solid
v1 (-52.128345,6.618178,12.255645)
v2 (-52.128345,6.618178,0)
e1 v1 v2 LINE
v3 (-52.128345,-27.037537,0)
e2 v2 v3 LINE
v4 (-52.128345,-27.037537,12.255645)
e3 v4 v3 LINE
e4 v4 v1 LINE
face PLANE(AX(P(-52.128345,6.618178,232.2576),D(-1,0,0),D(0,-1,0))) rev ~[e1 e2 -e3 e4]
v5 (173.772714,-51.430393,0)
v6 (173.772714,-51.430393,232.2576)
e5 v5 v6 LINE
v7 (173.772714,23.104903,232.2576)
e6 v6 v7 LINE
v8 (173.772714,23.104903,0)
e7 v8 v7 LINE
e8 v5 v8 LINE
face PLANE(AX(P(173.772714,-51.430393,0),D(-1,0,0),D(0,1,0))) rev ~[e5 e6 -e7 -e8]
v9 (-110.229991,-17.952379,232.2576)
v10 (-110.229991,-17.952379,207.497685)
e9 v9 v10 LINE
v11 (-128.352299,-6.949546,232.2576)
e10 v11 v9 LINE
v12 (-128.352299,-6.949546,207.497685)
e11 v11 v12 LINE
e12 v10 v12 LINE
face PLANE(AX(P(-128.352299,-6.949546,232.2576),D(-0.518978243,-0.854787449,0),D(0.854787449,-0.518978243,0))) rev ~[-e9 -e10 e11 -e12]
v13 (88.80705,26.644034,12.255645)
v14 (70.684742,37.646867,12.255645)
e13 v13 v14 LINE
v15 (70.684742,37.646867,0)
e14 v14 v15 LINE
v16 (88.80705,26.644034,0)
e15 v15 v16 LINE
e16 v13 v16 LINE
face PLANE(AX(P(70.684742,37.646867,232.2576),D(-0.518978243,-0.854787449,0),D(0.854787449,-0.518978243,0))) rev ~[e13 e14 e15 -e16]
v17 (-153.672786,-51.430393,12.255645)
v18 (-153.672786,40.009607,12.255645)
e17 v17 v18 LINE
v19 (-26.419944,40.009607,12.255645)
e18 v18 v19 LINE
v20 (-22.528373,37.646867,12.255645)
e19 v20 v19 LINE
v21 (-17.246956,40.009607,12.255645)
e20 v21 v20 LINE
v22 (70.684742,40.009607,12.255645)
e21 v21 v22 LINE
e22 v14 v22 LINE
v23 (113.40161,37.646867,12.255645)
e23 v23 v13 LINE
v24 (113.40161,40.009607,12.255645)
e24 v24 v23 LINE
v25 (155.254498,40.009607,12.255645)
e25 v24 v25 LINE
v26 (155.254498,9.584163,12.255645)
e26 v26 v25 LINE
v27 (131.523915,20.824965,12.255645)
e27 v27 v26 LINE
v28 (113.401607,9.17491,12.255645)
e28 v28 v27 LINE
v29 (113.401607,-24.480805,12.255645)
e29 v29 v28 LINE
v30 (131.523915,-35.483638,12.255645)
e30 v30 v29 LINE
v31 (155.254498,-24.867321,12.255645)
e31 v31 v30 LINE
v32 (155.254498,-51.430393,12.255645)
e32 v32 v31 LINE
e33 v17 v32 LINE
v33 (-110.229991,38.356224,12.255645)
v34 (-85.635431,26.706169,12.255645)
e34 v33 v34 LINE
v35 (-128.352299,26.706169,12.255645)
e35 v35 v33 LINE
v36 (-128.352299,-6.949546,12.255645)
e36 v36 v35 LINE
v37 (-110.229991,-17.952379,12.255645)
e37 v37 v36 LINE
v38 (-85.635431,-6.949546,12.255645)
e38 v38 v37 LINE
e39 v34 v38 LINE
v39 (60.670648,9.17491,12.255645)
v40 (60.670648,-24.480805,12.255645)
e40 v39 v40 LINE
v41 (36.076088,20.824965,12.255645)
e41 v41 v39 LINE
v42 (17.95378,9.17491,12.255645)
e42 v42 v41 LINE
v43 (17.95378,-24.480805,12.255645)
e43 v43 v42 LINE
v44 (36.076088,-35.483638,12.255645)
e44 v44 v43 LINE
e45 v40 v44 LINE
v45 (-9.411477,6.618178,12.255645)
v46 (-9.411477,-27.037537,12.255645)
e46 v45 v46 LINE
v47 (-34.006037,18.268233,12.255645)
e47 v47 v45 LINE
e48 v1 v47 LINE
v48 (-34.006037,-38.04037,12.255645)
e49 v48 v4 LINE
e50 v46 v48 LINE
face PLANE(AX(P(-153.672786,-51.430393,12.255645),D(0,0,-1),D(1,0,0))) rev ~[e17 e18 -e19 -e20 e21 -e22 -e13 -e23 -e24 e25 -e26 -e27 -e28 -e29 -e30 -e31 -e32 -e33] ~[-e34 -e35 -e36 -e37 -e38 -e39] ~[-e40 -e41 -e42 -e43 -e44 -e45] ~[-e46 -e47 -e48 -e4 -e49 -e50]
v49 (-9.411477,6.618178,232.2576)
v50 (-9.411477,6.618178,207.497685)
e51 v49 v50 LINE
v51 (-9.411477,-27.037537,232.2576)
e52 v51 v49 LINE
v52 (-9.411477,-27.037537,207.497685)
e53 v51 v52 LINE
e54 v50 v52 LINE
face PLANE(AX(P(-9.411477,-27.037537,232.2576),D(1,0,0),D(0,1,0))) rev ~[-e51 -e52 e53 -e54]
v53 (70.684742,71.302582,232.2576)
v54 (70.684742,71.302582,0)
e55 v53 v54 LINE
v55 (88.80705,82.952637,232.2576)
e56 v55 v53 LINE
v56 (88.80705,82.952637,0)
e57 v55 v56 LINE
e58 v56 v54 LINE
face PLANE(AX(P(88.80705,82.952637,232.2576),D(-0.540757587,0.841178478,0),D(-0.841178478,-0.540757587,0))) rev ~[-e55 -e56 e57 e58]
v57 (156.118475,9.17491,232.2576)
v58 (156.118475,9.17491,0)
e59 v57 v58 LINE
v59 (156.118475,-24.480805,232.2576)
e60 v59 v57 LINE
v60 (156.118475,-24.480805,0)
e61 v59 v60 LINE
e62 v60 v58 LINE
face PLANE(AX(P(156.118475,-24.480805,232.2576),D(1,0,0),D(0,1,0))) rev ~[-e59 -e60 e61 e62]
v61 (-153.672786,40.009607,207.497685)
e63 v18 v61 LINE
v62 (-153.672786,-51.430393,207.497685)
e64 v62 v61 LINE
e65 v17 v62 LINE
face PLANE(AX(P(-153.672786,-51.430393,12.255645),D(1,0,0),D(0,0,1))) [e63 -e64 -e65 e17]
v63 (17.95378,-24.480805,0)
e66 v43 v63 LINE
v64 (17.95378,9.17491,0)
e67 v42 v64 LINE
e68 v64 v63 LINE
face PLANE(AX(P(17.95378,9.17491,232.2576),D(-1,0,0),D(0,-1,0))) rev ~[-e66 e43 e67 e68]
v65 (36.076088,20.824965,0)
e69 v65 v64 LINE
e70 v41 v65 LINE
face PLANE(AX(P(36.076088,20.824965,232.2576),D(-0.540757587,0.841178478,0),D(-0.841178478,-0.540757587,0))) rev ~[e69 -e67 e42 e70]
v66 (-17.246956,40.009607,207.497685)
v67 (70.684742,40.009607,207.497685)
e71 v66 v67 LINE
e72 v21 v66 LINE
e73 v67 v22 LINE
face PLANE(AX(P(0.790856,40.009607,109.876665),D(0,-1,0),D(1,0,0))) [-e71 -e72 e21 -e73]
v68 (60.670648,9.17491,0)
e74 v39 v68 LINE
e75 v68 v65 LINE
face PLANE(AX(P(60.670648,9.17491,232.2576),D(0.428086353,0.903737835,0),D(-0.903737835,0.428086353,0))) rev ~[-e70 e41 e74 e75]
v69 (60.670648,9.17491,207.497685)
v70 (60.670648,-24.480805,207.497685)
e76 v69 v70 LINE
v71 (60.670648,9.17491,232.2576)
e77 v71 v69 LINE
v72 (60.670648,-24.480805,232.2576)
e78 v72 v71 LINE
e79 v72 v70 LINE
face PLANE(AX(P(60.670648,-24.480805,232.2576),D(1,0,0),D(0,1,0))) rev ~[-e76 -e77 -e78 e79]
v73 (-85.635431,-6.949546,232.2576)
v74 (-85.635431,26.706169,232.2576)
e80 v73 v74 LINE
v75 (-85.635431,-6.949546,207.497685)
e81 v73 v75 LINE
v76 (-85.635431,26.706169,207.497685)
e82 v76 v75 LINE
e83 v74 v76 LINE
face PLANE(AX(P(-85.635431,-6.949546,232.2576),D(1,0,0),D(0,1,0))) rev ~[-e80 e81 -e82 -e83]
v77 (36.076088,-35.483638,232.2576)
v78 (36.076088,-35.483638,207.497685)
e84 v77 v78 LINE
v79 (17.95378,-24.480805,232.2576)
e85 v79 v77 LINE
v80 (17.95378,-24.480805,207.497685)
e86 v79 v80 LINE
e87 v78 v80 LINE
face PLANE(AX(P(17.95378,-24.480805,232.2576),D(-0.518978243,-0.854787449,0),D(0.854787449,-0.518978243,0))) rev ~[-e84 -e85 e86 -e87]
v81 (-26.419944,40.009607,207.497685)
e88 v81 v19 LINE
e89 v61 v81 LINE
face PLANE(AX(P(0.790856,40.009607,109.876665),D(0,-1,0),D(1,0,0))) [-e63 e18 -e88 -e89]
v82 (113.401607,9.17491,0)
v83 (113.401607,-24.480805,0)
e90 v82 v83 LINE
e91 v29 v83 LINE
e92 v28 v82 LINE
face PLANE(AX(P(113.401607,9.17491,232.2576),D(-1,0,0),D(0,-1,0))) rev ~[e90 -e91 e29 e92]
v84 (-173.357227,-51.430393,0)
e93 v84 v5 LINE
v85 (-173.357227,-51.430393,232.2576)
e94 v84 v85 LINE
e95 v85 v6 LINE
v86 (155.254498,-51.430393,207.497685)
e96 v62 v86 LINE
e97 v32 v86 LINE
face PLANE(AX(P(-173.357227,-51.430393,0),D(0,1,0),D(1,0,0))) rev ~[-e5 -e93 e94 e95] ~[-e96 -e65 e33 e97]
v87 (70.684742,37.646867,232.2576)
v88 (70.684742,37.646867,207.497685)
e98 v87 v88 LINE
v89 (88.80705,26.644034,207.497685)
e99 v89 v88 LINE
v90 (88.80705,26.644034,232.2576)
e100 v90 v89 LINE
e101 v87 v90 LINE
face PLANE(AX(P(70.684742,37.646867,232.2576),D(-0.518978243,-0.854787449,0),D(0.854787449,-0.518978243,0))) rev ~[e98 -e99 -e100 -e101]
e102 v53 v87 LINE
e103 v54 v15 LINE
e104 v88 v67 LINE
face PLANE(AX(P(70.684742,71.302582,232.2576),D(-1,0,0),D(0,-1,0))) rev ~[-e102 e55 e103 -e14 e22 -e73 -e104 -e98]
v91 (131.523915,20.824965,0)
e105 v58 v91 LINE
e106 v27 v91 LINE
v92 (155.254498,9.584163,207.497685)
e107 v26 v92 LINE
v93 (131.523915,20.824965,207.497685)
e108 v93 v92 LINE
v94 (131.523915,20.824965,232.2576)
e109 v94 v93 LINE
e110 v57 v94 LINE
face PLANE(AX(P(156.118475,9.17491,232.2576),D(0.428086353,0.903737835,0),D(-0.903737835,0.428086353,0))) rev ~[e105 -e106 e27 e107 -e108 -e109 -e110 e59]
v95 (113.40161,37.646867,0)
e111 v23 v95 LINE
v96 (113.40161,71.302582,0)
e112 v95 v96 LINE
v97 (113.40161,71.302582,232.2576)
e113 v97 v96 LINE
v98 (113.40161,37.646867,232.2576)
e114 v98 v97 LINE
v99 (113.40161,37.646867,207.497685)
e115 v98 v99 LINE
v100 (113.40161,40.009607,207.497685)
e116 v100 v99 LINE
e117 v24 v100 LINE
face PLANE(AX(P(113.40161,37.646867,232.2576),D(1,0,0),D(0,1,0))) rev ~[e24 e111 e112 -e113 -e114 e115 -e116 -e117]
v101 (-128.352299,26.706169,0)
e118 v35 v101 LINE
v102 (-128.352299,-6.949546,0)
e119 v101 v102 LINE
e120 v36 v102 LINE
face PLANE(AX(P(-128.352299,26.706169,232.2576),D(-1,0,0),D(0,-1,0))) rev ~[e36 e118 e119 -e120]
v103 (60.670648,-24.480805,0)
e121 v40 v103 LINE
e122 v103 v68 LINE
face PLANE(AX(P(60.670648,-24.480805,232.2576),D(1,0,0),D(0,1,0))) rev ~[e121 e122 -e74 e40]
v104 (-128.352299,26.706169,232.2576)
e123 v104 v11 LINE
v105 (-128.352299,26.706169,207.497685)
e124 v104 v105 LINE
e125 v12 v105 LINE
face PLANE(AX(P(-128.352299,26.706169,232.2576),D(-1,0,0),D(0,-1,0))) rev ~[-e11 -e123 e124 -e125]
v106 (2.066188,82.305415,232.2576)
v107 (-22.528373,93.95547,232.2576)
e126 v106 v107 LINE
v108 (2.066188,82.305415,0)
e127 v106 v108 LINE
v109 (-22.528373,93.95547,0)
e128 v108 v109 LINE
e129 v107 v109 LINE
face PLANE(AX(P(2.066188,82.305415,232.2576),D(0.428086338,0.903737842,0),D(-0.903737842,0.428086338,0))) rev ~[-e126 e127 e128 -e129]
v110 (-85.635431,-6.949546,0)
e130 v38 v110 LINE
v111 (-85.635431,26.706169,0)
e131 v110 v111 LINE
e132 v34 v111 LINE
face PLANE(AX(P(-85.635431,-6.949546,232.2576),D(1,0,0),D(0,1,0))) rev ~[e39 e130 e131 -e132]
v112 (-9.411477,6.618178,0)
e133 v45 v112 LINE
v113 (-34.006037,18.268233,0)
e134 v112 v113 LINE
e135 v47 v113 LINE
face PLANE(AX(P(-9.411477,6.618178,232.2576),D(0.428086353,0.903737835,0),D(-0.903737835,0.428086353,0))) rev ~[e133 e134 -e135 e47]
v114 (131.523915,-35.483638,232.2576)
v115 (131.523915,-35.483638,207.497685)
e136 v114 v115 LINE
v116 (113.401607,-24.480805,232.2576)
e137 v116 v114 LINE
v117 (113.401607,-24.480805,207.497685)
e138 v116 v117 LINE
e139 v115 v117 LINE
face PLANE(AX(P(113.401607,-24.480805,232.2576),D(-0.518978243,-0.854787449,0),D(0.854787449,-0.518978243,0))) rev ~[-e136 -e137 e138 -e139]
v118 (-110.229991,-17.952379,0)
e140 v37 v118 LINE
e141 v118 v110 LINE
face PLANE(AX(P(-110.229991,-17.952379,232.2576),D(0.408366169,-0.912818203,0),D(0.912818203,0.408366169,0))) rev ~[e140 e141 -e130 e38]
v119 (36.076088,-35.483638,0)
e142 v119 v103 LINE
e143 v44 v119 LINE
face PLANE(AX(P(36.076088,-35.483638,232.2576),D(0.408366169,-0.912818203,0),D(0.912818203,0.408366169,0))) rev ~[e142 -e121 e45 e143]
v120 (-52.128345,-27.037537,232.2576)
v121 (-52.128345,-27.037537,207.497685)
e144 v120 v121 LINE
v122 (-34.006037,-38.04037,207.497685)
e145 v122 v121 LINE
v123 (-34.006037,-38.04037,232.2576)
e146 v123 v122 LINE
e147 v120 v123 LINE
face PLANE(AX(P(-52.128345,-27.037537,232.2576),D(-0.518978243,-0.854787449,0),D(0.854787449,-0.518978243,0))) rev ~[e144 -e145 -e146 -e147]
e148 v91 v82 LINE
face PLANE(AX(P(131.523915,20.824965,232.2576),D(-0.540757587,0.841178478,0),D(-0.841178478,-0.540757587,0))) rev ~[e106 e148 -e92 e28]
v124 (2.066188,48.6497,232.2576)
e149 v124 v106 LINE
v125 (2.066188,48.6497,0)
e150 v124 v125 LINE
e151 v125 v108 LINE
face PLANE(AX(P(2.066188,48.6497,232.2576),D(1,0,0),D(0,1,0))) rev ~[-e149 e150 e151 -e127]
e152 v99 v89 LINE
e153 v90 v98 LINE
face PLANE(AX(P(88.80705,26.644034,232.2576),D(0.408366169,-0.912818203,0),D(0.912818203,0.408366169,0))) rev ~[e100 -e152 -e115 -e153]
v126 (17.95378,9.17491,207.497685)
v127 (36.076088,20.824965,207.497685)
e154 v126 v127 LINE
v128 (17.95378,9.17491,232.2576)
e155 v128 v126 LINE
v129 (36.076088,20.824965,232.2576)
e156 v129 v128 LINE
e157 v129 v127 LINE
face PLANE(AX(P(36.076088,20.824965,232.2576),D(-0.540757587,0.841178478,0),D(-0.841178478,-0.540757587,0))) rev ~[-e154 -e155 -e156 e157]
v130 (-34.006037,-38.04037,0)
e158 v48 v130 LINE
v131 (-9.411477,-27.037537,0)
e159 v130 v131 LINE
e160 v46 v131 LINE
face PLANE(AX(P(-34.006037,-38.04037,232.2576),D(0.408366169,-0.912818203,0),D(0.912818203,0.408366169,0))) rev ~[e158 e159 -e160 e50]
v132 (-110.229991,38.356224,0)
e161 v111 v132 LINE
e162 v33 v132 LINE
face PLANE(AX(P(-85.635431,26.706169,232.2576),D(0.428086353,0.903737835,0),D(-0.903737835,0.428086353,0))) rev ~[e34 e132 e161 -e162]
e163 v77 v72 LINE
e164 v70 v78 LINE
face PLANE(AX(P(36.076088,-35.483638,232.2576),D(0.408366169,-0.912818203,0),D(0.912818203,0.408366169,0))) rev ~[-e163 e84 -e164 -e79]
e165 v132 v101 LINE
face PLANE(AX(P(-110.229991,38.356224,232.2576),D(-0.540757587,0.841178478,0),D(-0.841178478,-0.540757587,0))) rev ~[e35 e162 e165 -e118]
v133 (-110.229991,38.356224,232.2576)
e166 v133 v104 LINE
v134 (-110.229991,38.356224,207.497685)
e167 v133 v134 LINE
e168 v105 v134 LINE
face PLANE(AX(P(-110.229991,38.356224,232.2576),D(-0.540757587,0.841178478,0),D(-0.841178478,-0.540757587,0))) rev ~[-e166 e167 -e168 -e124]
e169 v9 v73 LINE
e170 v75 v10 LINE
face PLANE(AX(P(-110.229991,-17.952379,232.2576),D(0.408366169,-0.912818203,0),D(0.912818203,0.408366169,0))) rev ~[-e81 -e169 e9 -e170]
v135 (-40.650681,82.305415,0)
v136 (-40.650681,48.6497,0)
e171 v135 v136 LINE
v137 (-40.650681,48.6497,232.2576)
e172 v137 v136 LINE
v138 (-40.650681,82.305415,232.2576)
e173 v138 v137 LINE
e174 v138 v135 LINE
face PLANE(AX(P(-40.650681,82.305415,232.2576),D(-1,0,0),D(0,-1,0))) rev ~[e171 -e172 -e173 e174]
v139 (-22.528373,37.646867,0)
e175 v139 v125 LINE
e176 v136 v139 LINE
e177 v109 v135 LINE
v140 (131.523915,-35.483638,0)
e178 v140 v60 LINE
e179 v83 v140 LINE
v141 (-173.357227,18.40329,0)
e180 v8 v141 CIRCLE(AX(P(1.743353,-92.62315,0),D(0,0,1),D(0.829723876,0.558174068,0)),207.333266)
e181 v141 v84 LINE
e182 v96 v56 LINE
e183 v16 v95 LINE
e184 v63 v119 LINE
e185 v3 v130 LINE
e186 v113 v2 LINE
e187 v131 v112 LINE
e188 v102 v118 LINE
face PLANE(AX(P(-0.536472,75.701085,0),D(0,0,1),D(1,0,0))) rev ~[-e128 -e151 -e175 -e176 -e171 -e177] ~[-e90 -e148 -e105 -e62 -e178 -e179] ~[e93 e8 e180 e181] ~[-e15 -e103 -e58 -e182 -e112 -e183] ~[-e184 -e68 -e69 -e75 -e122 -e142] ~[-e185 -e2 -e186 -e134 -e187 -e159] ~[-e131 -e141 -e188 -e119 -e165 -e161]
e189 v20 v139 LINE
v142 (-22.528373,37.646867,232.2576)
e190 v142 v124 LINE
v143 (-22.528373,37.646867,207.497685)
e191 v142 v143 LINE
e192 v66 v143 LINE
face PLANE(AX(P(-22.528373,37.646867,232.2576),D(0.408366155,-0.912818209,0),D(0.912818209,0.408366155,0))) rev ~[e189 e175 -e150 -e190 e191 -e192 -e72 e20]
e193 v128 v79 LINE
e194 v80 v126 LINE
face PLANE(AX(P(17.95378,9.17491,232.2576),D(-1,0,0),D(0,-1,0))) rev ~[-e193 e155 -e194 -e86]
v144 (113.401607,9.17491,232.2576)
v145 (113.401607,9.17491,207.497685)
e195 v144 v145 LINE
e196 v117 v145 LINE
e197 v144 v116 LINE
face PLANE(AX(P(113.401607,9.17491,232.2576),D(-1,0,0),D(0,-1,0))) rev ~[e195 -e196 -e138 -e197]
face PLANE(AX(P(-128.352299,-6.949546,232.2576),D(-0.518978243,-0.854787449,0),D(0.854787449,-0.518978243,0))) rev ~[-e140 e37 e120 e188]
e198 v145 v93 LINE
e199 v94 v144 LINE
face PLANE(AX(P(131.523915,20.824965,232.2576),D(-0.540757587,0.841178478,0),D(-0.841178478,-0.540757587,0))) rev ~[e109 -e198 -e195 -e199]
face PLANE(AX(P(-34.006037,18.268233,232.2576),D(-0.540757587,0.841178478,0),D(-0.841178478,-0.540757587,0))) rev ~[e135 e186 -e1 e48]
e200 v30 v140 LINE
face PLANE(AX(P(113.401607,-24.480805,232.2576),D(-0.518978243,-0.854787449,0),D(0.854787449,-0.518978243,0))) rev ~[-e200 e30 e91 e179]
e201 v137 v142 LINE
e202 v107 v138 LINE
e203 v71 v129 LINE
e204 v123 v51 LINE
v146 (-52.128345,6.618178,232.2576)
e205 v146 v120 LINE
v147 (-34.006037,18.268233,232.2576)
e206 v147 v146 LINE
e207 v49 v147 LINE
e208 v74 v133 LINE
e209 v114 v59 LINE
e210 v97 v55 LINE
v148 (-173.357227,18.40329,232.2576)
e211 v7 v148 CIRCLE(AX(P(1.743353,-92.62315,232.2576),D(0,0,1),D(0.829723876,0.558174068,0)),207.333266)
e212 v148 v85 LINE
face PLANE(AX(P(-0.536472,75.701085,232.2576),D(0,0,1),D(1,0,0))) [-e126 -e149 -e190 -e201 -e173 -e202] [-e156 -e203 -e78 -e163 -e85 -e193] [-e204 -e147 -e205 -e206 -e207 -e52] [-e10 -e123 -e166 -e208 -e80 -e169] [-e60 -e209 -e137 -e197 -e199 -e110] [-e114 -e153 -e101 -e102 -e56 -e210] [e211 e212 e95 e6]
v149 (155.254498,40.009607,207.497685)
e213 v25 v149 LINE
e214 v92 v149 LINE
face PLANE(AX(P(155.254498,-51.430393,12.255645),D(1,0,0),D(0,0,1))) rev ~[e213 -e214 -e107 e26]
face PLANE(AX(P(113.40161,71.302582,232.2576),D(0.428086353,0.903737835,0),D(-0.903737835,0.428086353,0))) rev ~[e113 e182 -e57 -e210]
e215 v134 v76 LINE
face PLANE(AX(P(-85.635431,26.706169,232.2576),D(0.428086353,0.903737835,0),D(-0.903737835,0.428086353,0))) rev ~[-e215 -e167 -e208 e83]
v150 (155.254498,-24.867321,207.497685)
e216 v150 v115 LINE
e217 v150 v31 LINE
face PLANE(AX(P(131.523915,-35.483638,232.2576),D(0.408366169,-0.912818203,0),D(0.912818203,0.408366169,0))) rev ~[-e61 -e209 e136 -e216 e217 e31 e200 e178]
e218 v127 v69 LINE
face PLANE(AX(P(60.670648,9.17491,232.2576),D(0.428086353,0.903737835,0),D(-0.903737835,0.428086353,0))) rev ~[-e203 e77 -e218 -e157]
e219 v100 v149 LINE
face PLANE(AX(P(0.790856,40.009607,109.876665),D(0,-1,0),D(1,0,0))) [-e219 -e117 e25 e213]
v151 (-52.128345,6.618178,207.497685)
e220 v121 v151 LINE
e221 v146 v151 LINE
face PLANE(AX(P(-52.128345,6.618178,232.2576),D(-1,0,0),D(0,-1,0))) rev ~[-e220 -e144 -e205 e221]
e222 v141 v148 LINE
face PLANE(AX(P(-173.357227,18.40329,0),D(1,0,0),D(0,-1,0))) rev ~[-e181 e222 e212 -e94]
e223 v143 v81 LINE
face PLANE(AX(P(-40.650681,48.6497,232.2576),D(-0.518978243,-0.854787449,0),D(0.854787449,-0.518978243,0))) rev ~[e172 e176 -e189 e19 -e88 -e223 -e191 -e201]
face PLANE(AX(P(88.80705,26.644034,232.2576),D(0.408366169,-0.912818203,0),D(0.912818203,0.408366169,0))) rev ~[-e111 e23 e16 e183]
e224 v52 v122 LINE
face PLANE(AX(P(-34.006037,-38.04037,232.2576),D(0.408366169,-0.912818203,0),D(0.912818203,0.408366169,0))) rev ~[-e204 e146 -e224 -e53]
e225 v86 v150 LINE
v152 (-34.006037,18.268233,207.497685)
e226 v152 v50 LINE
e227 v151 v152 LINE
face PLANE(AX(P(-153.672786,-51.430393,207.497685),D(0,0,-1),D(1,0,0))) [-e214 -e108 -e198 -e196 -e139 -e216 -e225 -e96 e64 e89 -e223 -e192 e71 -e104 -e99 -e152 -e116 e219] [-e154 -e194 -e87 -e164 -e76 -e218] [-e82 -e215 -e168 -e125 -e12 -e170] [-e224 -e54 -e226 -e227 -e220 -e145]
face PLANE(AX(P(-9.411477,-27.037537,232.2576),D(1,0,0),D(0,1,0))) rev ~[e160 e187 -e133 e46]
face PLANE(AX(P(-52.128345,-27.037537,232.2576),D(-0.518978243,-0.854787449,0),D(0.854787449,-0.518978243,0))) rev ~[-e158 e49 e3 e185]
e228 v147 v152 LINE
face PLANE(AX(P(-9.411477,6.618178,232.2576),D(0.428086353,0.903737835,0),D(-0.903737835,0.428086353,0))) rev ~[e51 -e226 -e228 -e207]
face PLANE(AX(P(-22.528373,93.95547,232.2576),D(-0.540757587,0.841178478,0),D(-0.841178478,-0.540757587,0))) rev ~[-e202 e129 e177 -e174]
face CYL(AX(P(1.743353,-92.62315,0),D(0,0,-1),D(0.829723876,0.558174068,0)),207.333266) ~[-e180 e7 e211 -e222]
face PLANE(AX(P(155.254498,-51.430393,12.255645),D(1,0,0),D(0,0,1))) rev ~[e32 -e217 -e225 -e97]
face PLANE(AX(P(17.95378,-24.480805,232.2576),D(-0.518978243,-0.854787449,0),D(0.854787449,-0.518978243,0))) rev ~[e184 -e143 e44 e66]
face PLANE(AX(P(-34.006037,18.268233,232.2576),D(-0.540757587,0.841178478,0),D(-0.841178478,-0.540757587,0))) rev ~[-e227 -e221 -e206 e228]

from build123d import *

# Parameters (mm, degrees)
F1_DEPTH = 232.2576
F2_W     = 308.927283
F2_H     = 195.242041
F3_DEPTH = 91.44
F5_DEPTH = 508


with BuildPart() as f1:
    # F0 (on Top) → F1 (new body)
    with BuildSketch(Plane.XY):
        with BuildLine():
            ThreePointArc((-173.357227, 18.40329), (-1.055729, 114.038895), (173.772714, 23.104903))
            ThreePointArc((173.772714, 23.104903), (-1.064562, 114.691102), (-173.357227, 18.40329))
        make_face()
        with BuildLine():
            Line((173.772714, -51.430393), (173.772714, 23.104903))
            ThreePointArc((173.772714, 23.104903), (-1.055729, 114.038895), (-173.357227, 18.40329))
            Line((-173.357227, 18.40329), (-173.357227, -51.430393))
            Line((-173.357227, -51.430393), (173.772714, -51.430393))
        make_face()
    extrude(amount=F1_DEPTH)

    # F2 (on face) → F3 (cut)
    with BuildSketch(Plane.XZ.offset(51.430393)):
        with Locations((0.790856, 109.876665)):
            Rectangle(F2_W, F2_H)
    extrude(amount=-F3_DEPTH, mode=Mode.SUBTRACT)

    # F4 (on face) → F5 (cut)
    with BuildSketch(Plane.XY.offset(232.2576)):
        Polygon((-128.352299, 26.706169), (-128.352299, -6.949546), (-110.229991, -17.952379), (-85.635431, -6.949546), (-85.635431, 26.706169), (-110.229991, 38.356224), align=None)
        Polygon((-52.128345, 6.618178), (-52.128345, -27.037537), (-34.006037, -38.04037), (-9.411477, -27.037537), (-9.411477, 6.618178), (-34.006037, 18.268233), align=None)
        Polygon((17.95378, 9.17491), (17.95378, -24.480805), (36.076088, -35.483638), (60.670648, -24.480805), (60.670648, 9.17491), (36.076088, 20.824965), align=None)
        Polygon((113.401607, 9.17491), (113.401607, -24.480805), (131.523915, -35.483638), (156.118475, -24.480805), (156.118475, 9.17491), (131.523915, 20.824965), align=None)
        Polygon((70.684742, 71.302582), (70.684742, 37.646867), (88.80705, 26.644034), (113.40161, 37.646867), (113.40161, 71.302582), (88.80705, 82.952637), align=None)
        Polygon((-40.650681, 82.305415), (-40.650681, 48.6497), (-22.528373, 37.646867), (2.066188, 48.6497), (2.066188, 82.305415), (-22.528373, 93.95547), align=None)
    extrude(amount=-F5_DEPTH, mode=Mode.SUBTRACT)


solid = f1.part
